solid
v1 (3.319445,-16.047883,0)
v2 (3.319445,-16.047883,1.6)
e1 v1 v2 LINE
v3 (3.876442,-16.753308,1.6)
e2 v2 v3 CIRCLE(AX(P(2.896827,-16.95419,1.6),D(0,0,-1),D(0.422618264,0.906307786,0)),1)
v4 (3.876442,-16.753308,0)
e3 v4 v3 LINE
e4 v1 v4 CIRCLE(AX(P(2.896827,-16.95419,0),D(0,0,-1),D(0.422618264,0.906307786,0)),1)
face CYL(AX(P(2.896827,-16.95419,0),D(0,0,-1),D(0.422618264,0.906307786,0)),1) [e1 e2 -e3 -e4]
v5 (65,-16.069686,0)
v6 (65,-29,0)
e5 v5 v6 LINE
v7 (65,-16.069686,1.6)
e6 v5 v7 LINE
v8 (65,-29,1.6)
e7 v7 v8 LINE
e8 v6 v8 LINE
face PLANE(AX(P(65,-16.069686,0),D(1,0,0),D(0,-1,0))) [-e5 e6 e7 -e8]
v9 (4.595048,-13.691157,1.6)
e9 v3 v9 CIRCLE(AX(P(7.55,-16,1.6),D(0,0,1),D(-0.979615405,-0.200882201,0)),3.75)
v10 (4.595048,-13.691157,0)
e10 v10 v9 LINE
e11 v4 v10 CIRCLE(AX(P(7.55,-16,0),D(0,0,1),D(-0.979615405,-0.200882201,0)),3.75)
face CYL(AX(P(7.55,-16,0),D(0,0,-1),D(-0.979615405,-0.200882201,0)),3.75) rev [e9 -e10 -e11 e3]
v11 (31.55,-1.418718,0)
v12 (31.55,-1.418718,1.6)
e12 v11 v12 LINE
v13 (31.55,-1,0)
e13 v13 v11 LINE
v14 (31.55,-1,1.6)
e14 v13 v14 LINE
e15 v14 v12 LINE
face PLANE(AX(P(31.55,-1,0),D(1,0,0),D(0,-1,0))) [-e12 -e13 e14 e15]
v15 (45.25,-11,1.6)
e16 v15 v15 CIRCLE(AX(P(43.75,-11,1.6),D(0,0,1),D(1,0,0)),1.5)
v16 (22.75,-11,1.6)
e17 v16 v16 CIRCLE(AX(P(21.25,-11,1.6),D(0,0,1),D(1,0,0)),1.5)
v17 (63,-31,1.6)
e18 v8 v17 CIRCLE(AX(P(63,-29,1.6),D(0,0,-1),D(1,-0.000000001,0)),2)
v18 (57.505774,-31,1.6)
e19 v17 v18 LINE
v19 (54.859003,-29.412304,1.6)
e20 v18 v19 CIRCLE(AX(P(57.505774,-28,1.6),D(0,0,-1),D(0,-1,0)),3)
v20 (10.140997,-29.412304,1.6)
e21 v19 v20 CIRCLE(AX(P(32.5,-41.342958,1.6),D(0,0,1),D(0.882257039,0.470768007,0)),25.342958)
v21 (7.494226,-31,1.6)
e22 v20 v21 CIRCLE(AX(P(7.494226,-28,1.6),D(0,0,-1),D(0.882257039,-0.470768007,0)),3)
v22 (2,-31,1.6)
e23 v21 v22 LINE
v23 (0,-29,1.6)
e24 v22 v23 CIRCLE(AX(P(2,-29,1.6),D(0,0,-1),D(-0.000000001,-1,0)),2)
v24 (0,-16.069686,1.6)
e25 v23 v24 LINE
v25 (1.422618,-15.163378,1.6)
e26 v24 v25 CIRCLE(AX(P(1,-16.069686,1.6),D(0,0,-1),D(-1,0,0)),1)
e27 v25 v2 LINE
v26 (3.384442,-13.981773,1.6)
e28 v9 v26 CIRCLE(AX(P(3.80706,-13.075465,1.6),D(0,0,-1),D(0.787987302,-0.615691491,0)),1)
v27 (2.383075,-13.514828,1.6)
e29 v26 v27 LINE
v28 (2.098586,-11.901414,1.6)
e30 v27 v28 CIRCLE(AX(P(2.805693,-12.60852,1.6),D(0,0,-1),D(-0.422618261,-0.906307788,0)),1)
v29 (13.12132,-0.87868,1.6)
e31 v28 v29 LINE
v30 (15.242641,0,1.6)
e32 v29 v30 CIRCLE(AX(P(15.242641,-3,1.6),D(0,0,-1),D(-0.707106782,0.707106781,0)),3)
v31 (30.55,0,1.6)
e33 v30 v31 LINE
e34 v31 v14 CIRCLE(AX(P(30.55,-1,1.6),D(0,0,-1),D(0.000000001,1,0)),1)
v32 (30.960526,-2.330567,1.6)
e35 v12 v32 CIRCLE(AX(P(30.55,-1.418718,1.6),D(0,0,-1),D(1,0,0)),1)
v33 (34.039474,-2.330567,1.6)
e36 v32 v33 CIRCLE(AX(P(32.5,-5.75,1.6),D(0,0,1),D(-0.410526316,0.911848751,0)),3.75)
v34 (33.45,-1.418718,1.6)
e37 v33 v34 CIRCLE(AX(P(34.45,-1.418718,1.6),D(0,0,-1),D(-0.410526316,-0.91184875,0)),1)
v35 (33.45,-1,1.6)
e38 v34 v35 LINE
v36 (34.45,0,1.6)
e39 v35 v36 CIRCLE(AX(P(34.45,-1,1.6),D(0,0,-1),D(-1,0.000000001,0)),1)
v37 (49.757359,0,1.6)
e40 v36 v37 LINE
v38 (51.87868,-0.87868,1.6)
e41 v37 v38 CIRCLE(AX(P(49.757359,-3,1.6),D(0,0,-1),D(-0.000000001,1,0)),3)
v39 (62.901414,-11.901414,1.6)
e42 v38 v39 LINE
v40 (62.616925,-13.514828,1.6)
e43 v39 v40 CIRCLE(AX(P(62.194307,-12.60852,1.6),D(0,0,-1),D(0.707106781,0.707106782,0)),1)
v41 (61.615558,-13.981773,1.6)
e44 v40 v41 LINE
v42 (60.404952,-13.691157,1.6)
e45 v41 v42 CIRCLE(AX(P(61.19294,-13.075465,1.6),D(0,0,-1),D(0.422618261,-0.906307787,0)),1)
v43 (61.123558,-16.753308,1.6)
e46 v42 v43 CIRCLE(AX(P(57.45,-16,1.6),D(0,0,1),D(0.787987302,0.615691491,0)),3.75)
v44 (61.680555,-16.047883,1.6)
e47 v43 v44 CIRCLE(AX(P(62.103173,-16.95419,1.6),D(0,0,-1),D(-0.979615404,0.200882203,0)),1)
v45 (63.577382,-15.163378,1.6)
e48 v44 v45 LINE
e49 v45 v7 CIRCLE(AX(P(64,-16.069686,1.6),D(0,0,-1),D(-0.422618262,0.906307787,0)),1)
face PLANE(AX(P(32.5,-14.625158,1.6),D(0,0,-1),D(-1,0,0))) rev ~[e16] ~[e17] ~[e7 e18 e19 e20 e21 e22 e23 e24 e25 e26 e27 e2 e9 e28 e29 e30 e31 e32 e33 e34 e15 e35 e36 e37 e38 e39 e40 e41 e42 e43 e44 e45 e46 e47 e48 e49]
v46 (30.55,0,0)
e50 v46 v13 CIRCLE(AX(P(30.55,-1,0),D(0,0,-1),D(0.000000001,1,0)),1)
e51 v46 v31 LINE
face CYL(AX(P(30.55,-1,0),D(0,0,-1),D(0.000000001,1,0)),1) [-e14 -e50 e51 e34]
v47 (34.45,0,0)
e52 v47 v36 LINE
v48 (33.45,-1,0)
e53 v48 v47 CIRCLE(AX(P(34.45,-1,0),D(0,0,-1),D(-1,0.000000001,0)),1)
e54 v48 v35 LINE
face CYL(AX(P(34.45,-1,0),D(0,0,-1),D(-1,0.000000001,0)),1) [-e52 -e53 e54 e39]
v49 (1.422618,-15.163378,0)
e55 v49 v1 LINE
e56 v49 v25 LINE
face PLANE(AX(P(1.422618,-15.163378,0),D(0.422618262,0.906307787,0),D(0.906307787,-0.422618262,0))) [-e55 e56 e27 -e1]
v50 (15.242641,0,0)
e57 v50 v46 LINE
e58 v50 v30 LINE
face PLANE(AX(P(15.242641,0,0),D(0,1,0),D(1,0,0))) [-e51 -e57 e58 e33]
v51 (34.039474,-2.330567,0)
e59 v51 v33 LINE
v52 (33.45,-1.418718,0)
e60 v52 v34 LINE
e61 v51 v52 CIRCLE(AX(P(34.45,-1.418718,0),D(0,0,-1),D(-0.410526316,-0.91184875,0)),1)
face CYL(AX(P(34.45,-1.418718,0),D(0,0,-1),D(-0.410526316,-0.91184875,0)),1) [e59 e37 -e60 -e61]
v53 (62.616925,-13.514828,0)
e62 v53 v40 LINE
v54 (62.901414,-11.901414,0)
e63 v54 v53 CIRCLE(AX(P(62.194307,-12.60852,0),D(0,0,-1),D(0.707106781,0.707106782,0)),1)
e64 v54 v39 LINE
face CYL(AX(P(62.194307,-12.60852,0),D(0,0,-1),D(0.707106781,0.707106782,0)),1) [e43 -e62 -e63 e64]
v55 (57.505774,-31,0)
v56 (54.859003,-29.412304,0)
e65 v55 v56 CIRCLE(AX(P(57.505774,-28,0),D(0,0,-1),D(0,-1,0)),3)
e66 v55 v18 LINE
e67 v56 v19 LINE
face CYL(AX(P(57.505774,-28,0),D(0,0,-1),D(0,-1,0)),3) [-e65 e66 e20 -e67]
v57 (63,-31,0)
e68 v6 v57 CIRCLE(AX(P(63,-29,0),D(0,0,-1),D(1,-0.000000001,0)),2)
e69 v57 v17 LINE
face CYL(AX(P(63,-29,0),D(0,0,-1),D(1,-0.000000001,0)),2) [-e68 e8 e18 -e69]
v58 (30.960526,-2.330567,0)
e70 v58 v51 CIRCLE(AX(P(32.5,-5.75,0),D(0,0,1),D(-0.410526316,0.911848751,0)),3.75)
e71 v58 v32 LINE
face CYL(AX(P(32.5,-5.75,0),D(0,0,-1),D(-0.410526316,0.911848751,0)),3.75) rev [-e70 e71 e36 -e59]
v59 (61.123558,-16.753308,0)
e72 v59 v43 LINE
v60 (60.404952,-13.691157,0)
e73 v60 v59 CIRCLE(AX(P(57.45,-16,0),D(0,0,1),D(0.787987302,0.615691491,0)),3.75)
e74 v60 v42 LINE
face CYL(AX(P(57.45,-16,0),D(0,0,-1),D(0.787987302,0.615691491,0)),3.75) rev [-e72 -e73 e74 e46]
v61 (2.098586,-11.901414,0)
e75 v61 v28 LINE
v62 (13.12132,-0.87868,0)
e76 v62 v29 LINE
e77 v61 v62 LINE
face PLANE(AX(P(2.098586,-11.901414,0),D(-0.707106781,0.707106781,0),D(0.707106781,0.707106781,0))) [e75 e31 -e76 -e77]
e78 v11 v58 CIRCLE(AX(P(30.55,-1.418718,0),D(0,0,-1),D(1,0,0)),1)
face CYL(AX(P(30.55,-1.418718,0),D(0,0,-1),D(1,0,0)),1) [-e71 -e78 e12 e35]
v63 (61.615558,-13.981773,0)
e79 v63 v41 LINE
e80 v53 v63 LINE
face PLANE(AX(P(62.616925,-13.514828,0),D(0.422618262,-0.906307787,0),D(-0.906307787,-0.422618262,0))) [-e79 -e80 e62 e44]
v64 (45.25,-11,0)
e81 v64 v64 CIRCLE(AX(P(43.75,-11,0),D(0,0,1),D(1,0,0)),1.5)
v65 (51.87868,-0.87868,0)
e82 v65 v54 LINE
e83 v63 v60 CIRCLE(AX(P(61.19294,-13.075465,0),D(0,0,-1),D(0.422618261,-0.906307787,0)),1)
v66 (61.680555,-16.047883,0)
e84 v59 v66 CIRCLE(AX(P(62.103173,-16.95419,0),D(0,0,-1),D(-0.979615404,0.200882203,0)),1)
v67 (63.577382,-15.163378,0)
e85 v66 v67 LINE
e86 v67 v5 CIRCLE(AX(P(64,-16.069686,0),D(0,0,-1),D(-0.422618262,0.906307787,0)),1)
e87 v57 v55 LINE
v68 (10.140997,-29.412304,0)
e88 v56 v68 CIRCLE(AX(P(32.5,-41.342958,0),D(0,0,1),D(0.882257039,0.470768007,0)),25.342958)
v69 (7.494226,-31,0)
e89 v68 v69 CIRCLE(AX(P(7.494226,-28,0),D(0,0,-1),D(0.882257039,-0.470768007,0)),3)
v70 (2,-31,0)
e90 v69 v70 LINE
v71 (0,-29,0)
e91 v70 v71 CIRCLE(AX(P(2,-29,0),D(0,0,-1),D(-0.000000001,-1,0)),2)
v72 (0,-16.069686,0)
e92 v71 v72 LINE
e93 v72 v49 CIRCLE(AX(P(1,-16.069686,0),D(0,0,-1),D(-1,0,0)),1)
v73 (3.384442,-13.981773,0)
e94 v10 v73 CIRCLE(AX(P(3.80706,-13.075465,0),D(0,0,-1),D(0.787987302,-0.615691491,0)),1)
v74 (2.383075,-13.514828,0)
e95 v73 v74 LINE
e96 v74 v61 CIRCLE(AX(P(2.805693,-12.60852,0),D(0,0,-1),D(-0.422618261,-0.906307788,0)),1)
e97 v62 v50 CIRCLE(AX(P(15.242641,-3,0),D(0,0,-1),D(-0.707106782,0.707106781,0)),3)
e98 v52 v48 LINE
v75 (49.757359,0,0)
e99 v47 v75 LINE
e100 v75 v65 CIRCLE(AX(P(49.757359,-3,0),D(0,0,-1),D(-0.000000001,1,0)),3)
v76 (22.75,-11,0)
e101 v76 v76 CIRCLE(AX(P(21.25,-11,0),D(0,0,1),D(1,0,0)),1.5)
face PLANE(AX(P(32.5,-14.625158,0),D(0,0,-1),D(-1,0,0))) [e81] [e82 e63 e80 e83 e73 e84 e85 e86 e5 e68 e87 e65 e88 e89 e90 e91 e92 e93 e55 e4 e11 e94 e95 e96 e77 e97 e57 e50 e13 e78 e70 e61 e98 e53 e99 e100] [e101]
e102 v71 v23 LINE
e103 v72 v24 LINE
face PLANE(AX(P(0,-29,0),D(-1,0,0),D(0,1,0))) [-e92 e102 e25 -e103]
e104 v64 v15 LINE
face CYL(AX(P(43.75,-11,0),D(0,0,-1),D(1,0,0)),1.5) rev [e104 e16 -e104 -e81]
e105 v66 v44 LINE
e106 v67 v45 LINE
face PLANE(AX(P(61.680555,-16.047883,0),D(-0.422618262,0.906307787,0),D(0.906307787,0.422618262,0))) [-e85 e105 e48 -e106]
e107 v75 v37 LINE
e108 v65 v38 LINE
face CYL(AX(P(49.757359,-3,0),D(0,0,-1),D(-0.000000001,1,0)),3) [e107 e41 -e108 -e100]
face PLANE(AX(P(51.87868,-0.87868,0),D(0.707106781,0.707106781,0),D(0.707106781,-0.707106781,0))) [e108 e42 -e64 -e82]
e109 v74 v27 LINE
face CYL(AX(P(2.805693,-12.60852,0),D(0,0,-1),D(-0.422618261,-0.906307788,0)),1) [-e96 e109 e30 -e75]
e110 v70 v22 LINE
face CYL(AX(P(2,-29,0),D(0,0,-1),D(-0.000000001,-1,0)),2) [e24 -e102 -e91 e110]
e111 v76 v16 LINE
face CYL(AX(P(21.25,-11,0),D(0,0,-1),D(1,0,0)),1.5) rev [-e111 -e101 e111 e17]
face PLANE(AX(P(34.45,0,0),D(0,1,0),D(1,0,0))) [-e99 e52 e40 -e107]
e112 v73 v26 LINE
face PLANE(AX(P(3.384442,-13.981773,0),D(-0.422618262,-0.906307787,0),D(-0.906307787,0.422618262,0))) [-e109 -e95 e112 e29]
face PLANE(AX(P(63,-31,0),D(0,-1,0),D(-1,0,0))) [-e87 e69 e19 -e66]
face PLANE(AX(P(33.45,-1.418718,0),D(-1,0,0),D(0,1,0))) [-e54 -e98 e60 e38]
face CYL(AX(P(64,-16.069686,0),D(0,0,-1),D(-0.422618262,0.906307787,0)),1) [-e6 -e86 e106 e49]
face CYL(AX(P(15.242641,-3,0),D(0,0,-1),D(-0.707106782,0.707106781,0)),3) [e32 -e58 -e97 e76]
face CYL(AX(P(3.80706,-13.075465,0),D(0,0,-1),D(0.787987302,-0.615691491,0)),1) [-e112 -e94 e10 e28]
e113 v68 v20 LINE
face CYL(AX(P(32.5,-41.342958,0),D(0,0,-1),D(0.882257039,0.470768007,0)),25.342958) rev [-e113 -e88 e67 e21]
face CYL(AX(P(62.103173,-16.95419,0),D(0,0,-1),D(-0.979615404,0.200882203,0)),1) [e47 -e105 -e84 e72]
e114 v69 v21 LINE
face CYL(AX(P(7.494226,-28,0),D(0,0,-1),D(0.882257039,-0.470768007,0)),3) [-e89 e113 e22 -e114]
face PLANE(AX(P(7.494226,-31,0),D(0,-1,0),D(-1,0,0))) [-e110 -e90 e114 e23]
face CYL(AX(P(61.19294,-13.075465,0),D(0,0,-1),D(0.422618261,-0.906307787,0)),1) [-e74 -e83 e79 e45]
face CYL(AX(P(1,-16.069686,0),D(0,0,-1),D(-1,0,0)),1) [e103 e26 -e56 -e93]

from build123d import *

# Parameters (mm, degrees)
IZIM1_R                     = 1.5
Y_KSEKLIK_EKSTR_ZYON1_DEPTH = 1.6


with BuildPart() as part:
    # Çizim1 → Yükseklik-Ekstrüzyon1 (new body)
    with BuildSketch(Plane.XY):
        with BuildLine():
            Line((51.878679656, -0.878679656), (62.901413512, -11.901413512))
            ThreePointArc((62.901413512, -11.901413512), (63.179114484, -12.782168471), (62.616924992, -13.51482808))
            Line((62.616924992, -13.51482808), (61.615557944, -13.981773203))
            ThreePointArc((61.615557944, -13.981773203), (60.959512838, -14.047839782), (60.404952381, -13.691156907))
            ThreePointArc((60.404952381, -13.691156907), (53.799180994, -16.856750014), (61.123557768, -16.753308252))
            ThreePointArc((61.123557768, -16.753308252), (61.318334892, -16.334489822), (61.680554911, -16.047882666))
            Line((61.680554911, -16.047882666), (63.577381738, -15.16337779))
            ThreePointArc((63.577381738, -15.16337779), (64.537299608, -15.226294131), (65, -16.069685577))
            Line((65, -16.069685577), (65, -29))
            ThreePointArc((65, -29), (64.414213562, -30.414213562), (63, -31))
            Line((63, -31), (57.505773979, -31))
            ThreePointArc((57.505773979, -31), (55.962548796, -30.572636009), (54.859002861, -29.412304022))
            ThreePointArc((54.859002861, -29.412304022), (32.5, -16), (10.140997139, -29.412304022))
            ThreePointArc((10.140997139, -29.412304022), (9.037451204, -30.572636009), (7.494226021, -31))
            Line((7.494226021, -31), (2, -31))
            ThreePointArc((2, -31), (0.585786438, -30.414213562), (0, -29))
            Line((0, -29), (0, -16.069685577))
            ThreePointArc((0, -16.069685577), (0.462700392, -15.226294131), (1.422618262, -15.16337779))
            Line((1.422618262, -15.16337779), (3.319445089, -16.047882666))
            ThreePointArc((3.319445089, -16.047882666), (3.681665108, -16.334489822), (3.876442232, -16.753308252))
            ThreePointArc((3.876442232, -16.753308252), (11.200819006, -16.856750014), (4.595047619, -13.691156907))
            ThreePointArc((4.595047619, -13.691156907), (4.040487162, -14.047839782), (3.384442056, -13.981773203))
            Line((3.384442056, -13.981773203), (2.383075008, -13.51482808))
            ThreePointArc((2.383075008, -13.51482808), (1.820885516, -12.782168471), (2.098586488, -11.901413512))
            Line((2.098586488, -11.901413512), (13.121320344, -0.878679656))
            ThreePointArc((13.121320344, -0.878679656), (14.09459039, -0.228361402), (15.242640687, 0))
            Line((15.242640687, 0), (30.55, 0))
            ThreePointArc((30.55, 0), (31.257106781, -0.292893219), (31.55, -1))
            Line((31.55, -1), (31.55, -1.418718434))
            ThreePointArc((31.55, -1.418718434), (31.389799475, -1.961615148), (30.960526316, -2.330567185))
            ThreePointArc((30.960526316, -2.330567185), (32.5, -9.5), (34.039473684, -2.330567185))
            ThreePointArc((34.039473684, -2.330567185), (33.610200525, -1.961615148), (33.45, -1.418718434))
            Line((33.45, -1.418718434), (33.45, -1))
            ThreePointArc((33.45, -1), (33.742893219, -0.292893219), (34.45, 0))
            Line((34.45, 0), (49.757359313, 0))
            ThreePointArc((49.757359313, 0), (50.90540961, -0.228361402), (51.878679656, -0.878679656))
        make_face()
        with Locations((21.25, -11)):
            Circle(IZIM1_R, mode=Mode.SUBTRACT)
        with Locations((43.75, -11)):
            Circle(IZIM1_R, mode=Mode.SUBTRACT)
    extrude(amount=Y_KSEKLIK_EKSTR_ZYON1_DEPTH)


solid = part.part
